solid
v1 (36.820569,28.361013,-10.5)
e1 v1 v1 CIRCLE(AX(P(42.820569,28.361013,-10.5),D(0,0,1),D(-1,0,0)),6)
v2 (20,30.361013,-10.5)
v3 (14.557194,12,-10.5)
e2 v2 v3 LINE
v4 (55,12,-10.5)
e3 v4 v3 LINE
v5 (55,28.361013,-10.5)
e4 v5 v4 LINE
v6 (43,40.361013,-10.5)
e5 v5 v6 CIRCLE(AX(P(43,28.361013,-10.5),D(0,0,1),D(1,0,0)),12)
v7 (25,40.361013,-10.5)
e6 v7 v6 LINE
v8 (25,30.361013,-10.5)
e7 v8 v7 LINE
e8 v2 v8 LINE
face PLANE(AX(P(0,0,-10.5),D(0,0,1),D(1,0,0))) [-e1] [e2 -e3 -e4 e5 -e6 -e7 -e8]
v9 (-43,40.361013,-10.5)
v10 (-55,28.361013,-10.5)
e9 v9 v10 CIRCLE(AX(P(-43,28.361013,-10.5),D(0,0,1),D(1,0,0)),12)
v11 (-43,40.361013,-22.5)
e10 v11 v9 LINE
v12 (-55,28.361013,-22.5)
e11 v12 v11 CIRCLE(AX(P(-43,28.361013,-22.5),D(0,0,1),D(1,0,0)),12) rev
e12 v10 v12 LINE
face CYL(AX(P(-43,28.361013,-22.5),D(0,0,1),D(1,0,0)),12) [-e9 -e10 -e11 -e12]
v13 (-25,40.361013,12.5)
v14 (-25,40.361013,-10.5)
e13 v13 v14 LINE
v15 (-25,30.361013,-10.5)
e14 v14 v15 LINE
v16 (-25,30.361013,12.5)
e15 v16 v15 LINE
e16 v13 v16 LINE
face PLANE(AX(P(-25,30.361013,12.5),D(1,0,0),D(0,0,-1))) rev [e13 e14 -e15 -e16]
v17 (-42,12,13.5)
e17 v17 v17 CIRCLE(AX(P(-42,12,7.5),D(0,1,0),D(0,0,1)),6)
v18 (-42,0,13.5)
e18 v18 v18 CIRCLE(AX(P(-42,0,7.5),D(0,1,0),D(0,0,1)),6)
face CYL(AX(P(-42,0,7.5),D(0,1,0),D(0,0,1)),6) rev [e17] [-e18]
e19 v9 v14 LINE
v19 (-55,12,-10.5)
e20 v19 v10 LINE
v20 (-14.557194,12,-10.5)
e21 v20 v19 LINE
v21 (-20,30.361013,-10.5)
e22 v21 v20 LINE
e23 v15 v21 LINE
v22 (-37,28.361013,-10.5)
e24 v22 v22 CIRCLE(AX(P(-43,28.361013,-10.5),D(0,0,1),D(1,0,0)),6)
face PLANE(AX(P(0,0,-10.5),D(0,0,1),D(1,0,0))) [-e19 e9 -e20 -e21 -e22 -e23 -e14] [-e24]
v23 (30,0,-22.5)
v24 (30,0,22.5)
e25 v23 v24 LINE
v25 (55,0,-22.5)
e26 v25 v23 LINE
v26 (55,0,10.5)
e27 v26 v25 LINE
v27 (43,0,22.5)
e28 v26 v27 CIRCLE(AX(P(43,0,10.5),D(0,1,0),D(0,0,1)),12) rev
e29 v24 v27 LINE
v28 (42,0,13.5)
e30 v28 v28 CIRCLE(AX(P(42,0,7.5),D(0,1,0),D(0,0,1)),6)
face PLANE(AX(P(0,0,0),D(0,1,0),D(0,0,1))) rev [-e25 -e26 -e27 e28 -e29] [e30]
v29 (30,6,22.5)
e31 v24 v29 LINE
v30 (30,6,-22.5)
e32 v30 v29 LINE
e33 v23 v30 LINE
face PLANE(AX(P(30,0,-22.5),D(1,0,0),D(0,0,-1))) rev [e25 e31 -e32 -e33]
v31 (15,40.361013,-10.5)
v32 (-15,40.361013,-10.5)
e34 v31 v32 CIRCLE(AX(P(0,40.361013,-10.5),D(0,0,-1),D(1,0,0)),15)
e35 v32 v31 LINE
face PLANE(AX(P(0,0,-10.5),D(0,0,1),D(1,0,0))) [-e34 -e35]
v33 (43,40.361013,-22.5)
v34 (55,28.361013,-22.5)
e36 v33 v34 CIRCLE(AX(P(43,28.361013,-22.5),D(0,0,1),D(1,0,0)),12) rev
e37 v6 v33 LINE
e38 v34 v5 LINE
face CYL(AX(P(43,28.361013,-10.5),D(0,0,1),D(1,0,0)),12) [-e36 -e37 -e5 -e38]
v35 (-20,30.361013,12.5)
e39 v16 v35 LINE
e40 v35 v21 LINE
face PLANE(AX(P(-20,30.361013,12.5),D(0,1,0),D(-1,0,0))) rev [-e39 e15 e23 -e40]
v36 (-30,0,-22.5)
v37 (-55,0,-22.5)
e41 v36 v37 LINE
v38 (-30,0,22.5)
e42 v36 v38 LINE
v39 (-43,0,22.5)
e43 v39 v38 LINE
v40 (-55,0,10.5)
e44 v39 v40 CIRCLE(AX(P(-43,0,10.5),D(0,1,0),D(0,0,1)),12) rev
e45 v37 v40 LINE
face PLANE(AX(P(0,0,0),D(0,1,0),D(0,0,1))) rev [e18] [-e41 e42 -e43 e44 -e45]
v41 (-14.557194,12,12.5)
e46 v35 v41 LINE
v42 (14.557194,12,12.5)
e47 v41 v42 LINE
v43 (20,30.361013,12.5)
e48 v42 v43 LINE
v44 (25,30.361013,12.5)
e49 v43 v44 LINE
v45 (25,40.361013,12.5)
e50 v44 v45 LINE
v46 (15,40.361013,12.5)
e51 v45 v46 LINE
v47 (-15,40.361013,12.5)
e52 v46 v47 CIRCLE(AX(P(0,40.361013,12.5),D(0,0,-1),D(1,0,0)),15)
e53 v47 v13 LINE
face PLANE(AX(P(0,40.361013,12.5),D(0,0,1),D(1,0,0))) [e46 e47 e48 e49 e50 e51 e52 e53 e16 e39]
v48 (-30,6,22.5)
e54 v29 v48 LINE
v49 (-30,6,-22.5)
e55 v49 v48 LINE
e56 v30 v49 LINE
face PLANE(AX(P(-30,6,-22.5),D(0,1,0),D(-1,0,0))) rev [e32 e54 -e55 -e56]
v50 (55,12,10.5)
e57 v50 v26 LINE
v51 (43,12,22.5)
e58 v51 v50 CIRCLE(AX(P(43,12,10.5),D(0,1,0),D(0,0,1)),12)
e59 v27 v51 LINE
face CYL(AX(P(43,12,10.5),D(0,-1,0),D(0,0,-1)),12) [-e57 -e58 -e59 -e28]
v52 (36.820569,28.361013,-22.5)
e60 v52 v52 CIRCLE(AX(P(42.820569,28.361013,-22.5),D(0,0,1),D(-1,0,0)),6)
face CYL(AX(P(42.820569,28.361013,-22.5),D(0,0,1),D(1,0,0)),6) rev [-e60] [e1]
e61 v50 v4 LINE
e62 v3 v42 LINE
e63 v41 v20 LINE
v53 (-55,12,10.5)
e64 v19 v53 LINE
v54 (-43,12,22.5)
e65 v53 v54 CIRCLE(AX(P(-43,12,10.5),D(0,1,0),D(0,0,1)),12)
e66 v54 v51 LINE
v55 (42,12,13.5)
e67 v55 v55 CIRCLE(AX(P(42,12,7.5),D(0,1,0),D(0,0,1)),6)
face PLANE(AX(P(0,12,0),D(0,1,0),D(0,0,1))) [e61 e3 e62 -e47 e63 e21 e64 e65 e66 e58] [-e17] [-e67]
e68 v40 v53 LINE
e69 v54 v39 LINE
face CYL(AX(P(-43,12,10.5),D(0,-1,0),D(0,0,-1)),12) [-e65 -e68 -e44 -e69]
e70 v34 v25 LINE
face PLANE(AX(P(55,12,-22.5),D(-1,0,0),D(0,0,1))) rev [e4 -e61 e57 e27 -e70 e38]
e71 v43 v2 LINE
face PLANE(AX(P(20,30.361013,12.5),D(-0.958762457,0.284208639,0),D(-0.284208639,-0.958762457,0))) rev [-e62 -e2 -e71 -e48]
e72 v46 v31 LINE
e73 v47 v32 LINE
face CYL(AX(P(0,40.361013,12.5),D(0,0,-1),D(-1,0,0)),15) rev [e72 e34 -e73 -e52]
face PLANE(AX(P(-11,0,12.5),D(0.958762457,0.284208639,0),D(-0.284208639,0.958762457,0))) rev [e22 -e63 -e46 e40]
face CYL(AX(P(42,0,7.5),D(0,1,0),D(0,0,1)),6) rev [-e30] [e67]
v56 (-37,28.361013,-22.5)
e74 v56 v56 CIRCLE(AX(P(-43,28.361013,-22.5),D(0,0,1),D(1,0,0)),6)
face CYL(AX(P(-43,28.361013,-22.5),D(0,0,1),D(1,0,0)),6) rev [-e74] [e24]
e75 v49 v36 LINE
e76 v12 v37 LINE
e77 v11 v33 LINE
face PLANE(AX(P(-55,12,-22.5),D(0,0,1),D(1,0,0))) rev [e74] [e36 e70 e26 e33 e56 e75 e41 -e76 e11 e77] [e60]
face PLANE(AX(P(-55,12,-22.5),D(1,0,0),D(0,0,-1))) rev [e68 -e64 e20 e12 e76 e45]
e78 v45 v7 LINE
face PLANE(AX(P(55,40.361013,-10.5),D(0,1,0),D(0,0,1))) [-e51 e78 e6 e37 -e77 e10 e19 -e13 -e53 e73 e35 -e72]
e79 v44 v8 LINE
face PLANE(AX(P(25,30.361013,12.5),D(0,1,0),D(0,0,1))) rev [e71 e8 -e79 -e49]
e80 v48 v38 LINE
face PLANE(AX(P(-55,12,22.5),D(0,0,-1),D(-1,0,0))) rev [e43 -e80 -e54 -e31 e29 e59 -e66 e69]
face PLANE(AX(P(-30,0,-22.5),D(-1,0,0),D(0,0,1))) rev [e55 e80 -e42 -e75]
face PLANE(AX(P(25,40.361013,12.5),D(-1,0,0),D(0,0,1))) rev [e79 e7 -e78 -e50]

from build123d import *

# Parameters (mm, degrees)
SKETCH1_W           = 110
SKETCH1_H           = 45
BOSS_EXTRUDE1_DEPTH = 12
FILLET1_R           = 12
SKETCH2_W           = 110
SKETCH2_H           = 28.361012769
BOSS_EXTRUDE2_DEPTH = 12
FILLET2_R           = 12
BOSS_EXTRUDE3_DEPTH = 23
SKETCH4_R           = 6
CUT_EXTRUDE1_DEPTH  = 66.845250742
SKETCH5_R           = 6
CUT_EXTRUDE2_DEPTH  = 76.782658648
SKETCH6_W           = 60
SKETCH6_H           = 6
CUT_EXTRUDE3_DEPTH  = 82.725218579


with BuildPart() as part:
    # Sketch1 → Boss-Extrude1 (new body)
    with BuildSketch(Plane(origin=(0, 0, 0), x_dir=(1, 0, 0), z_dir=(0, 1, 0))):
        Rectangle(SKETCH1_W, SKETCH1_H)
    extrude(amount=BOSS_EXTRUDE1_DEPTH)

    # Fillet1
    fillet1_edges = [part.edges().sort_by_distance(p)[0] for p in [
        (55, 6, 22.5),
        (-55, 6, 22.5),
    ]]
    fillet(fillet1_edges, radius=FILLET1_R)

    # Sketch2 → Boss-Extrude2 (add)
    with BuildSketch(Plane(origin=(0, 0, -22.5), x_dir=(-1, 0, 0), z_dir=(0, 0, -1))):
        with Locations((0, 26.180506385)):
            Rectangle(SKETCH2_W, SKETCH2_H)
    extrude(amount=-BOSS_EXTRUDE2_DEPTH)

    # Fillet2
    fillet2_edges = [part.edges().sort_by_distance(p)[0] for p in [
        (55, 40.361012769, -16.5),
        (-55, 40.361012769, -16.5),
    ]]
    fillet(fillet2_edges, radius=FILLET2_R)

    # Sketch3 → Boss-Extrude3 (add)
    with BuildSketch(Plane.XY.offset(-10.5)):
        with BuildLine():
            Line((15, 40.361012769), (25, 40.361012769))
            Line((25, 40.361012769), (25, 30.361012769))
            Line((25, 30.361012769), (20, 30.361012769))
            Line((20, 30.361012769), (11, 0))
            Line((11, 0), (-11, 0))
            Line((-11, 0), (-20, 30.361012769))
            Line((-20, 30.361012769), (-25, 30.361012769))
            Line((-25, 30.361012769), (-25, 40.361012769))
            Line((-25, 40.361012769), (-15, 40.361012769))
            ThreePointArc((-15, 40.361012769), (0, 25.361012769), (15, 40.361012769))
        make_face()
    extrude(amount=BOSS_EXTRUDE3_DEPTH)

    # Sketch4 → Cut-Extrude1 (cut, through all)
    with BuildSketch(Plane(origin=(0, 12, 0), x_dir=(1, 0, 0), z_dir=(0, 1, 0))):
        with Locations(Location((-42, -7.5, 0), (0, 0, 270))):
            Circle(SKETCH4_R)
        with Locations(Location((42, -7.5, 0), (0, 0, 270))):
            Circle(SKETCH4_R)
    extrude(amount=-CUT_EXTRUDE1_DEPTH, mode=Mode.SUBTRACT)

    # Sketch5 → Cut-Extrude2 (cut, through all)
    with BuildSketch(Plane.XY.offset(-10.5)):
        with Locations((-43, 28.361012769)):
            Circle(SKETCH5_R)
        with Locations(Location((42.820569124, 28.361012769, 0), (0, 0, 180))):
            Circle(SKETCH5_R)
    extrude(amount=-CUT_EXTRUDE2_DEPTH, mode=Mode.SUBTRACT)

    # Sketch6 → Cut-Extrude3 (cut, through all)
    with BuildSketch(Plane.XY.offset(22.5)):
        with Locations((0, 3)):
            Rectangle(SKETCH6_W, SKETCH6_H)
    extrude(amount=-CUT_EXTRUDE3_DEPTH, mode=Mode.SUBTRACT)


solid = part.part
